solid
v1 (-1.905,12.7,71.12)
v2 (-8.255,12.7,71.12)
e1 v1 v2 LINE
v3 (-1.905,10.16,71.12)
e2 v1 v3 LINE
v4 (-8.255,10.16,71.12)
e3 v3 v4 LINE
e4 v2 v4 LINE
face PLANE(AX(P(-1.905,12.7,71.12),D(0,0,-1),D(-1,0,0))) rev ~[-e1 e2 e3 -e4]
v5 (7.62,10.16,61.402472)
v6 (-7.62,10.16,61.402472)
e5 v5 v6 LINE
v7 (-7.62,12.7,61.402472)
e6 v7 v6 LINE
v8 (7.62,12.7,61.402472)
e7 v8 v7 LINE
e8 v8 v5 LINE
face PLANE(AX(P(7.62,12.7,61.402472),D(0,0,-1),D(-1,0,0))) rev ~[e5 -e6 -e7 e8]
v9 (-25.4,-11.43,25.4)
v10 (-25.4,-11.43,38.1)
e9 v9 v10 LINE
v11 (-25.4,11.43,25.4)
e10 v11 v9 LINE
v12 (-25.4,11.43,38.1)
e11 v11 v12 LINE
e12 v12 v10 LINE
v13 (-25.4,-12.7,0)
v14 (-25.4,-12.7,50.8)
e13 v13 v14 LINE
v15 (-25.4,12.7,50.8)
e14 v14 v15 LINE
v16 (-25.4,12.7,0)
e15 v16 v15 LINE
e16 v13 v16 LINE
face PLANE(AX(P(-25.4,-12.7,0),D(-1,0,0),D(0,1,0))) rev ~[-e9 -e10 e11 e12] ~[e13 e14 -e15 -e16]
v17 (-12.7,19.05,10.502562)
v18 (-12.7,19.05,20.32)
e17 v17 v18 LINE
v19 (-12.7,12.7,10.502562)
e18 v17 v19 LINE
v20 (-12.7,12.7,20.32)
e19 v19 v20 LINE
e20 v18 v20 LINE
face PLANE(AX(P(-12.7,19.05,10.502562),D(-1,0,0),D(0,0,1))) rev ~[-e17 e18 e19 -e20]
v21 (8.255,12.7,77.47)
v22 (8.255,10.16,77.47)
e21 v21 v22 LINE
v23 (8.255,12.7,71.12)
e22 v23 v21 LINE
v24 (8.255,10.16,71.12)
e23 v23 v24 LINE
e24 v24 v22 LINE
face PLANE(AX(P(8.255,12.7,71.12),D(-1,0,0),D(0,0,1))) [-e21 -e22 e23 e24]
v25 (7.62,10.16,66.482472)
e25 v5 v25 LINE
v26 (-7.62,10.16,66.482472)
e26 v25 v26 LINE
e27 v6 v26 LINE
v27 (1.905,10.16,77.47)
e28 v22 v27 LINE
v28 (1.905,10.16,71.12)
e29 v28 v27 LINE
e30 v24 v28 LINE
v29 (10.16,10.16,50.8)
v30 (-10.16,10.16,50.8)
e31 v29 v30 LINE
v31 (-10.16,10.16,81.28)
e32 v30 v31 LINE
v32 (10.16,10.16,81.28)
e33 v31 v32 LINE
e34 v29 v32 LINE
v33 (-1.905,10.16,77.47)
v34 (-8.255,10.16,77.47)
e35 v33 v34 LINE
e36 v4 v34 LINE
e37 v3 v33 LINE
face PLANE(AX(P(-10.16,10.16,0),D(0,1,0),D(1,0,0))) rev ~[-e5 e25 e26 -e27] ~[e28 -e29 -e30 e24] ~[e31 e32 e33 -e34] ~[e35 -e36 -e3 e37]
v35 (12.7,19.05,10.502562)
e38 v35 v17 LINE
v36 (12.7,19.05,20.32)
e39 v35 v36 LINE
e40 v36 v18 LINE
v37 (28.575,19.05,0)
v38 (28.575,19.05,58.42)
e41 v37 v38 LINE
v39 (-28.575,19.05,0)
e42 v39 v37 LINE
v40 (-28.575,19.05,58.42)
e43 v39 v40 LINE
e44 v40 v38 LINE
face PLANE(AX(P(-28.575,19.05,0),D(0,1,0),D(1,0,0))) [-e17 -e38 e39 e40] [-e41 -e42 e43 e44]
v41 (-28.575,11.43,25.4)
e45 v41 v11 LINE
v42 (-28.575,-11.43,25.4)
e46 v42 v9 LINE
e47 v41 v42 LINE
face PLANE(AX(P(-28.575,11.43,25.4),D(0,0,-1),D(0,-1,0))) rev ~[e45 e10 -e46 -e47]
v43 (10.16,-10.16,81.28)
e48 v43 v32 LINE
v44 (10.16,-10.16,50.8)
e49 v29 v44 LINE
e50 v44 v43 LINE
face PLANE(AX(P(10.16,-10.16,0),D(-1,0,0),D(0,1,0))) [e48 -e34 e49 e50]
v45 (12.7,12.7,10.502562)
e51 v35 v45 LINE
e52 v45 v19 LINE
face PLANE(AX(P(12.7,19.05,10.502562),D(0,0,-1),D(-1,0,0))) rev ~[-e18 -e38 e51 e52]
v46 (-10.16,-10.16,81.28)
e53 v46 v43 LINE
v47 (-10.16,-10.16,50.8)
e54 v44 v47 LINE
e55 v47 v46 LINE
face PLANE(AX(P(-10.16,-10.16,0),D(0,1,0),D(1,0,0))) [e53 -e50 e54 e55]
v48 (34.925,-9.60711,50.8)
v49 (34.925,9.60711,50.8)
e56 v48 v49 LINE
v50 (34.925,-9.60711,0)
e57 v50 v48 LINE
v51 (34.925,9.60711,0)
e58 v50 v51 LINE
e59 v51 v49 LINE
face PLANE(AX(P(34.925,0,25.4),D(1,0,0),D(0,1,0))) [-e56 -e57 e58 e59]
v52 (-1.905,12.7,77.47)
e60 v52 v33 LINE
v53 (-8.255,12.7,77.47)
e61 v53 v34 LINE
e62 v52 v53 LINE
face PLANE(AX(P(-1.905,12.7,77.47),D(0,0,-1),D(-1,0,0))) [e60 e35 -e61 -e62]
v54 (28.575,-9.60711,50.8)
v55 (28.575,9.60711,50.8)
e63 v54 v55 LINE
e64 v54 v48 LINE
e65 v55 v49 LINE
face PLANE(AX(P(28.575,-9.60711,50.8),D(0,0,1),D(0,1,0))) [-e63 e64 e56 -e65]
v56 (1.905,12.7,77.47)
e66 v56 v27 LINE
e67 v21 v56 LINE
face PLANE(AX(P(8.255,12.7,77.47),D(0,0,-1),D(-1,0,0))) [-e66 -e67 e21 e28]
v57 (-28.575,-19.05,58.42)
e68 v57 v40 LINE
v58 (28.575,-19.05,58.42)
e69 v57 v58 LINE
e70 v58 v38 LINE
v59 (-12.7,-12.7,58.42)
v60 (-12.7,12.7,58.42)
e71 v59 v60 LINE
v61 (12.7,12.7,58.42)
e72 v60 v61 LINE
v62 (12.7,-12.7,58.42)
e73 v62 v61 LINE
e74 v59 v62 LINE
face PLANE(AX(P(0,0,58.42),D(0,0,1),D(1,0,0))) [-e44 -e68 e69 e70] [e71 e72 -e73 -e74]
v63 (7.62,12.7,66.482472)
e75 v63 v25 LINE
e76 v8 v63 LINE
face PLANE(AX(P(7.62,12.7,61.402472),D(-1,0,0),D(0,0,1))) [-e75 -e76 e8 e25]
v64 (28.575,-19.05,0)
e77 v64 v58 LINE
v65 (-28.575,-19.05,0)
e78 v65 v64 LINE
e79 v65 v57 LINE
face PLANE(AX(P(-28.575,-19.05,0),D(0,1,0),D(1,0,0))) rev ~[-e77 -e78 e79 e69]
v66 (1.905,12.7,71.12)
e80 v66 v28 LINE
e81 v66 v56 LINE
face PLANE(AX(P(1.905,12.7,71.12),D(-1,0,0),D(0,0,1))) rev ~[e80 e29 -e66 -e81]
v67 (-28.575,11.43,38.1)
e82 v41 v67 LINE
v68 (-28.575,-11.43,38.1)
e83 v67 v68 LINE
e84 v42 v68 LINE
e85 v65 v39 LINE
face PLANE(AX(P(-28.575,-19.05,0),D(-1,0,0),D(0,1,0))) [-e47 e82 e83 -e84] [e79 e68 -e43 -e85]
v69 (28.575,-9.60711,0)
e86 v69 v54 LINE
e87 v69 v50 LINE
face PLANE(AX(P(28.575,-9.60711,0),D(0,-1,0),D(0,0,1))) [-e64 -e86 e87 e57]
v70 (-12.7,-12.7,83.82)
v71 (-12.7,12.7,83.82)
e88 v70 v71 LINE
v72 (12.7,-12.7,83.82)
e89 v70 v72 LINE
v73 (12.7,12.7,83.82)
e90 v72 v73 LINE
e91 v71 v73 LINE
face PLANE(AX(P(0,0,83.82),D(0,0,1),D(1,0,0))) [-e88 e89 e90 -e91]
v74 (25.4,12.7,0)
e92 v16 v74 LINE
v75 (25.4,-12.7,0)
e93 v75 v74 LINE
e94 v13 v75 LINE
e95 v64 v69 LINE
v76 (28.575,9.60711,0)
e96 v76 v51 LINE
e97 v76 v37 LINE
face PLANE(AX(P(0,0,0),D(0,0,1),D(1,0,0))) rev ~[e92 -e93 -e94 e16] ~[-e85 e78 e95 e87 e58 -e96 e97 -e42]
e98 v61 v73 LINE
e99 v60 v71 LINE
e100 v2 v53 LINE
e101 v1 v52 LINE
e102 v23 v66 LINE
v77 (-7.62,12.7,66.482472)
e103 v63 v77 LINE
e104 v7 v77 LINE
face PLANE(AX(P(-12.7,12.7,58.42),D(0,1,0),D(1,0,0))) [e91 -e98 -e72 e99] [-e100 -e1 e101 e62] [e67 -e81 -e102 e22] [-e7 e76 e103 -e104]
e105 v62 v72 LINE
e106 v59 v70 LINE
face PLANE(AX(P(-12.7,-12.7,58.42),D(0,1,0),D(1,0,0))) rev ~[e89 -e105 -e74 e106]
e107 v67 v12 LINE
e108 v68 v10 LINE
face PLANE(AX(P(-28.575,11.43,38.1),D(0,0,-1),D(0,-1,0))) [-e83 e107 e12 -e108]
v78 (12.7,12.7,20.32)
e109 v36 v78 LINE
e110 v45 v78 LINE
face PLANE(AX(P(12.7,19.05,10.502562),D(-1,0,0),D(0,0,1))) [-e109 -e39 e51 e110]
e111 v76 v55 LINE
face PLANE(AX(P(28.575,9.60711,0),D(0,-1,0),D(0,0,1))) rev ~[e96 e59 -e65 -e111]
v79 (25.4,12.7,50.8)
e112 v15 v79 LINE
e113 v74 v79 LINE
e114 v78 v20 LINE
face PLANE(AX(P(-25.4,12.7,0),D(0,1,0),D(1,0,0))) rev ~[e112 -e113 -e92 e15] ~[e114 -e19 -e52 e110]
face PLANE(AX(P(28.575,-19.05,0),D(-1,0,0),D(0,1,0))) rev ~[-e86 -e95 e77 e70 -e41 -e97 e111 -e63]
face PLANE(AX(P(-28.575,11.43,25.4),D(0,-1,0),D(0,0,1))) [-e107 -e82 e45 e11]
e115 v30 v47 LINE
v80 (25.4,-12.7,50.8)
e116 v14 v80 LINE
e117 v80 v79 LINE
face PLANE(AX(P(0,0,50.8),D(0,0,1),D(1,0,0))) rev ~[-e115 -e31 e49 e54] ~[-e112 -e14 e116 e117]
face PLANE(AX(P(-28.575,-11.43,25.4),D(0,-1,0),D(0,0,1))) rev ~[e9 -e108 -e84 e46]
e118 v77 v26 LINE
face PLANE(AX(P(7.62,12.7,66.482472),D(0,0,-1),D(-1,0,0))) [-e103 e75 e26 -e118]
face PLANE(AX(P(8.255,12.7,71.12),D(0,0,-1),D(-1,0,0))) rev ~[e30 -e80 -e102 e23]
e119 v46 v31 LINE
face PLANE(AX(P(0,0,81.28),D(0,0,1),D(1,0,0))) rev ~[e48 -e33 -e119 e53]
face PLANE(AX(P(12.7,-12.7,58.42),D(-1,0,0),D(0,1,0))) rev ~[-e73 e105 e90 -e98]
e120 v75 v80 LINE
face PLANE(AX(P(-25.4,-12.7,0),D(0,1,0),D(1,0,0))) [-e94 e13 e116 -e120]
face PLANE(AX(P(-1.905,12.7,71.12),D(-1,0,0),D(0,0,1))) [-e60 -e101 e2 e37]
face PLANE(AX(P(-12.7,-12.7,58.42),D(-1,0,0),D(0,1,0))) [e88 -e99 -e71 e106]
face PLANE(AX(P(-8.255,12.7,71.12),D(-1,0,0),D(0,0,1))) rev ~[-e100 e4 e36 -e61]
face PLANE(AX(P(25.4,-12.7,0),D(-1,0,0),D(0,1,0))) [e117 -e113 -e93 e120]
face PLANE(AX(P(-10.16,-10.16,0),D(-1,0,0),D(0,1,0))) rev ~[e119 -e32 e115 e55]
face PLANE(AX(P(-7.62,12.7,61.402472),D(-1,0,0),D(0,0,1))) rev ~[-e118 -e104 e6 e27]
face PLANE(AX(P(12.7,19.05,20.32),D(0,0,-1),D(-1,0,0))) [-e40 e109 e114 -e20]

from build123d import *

# Parameters (mm, degrees)
F0_W      = 57.15
F0_H      = 38.1
F1_DEPTH  = 58.42
F2_W      = 25.4
F2_H      = 25.4
F3_DEPTH  = 25.4
F4_W      = 50.8
F4_H      = 25.4
F5_DEPTH  = 50.8
F6_W      = 20.32
F6_H      = 20.32
F7_DEPTH  = 81.28
F8_W      = 22.86
F8_H      = 12.7
F9_DEPTH  = 25.4
F10_W     = 6.35
F10_H     = 6.35
F10_W_2   = 15.24
F10_H_2   = 5.08
F11_DEPTH = 12.7
F12_W     = 25.4
F12_H     = 9.817438
F13_DEPTH = 12.7
F14_W     = 19.21422
F14_H     = 50.8
F15_DEPTH = 6.35


with BuildPart() as f1:
    # F0 (on Top) → F1 (new body)
    with BuildSketch(Plane.XY):
        Rectangle(F0_W, F0_H)
    extrude(amount=F1_DEPTH)

    # F2 (on face) → F3 (join)
    with BuildSketch(Plane.XY.offset(58.42)):
        Rectangle(F2_W, F2_H)
    extrude(amount=F3_DEPTH)

    # F4 (on face) → F5 (cut)
    with BuildSketch(Plane.XY):
        Rectangle(F4_W, F4_H)
    extrude(amount=F5_DEPTH, mode=Mode.SUBTRACT)

    # F6 (on face) → F7 (cut)
    with BuildSketch(Plane.XY):
        Rectangle(F6_W, F6_H)
    extrude(amount=F7_DEPTH, mode=Mode.SUBTRACT)

    # F8 (on face) → F9 (cut)
    with BuildSketch(Plane(origin=(-28.575, 0, 0), x_dir=(0, -1, 0), z_dir=(-1, 0, 0))):
        with Locations((0, 31.75)):
            Rectangle(F8_W, F8_H)
    extrude(amount=-F9_DEPTH, mode=Mode.SUBTRACT)

    # F10 (on face) → F11 (cut)
    with BuildSketch(Plane(origin=(0, 12.7, 0), x_dir=(-1, 0, 0), z_dir=(0, 1, 0))):
        with Locations((-5.08, 74.295)):
            Rectangle(F10_W, F10_H)
        with Locations((5.08, 74.295)):
            Rectangle(F10_W, F10_H)
        with Locations((0, 63.942472)):
            Rectangle(F10_W_2, F10_H_2)
    extrude(amount=-F11_DEPTH, mode=Mode.SUBTRACT)

    # F12 (on face) → F13 (cut)
    with BuildSketch(Plane(origin=(0, 19.05, 0), x_dir=(-1, 0, 0), z_dir=(0, 1, 0))):
        with Locations((0, 15.411281)):
            Rectangle(F12_W, F12_H)
    extrude(amount=-F13_DEPTH, mode=Mode.SUBTRACT)

    # F14 (on face) → F15 (join)
    with BuildSketch(Plane.YZ.offset(28.575)):
        with Locations((0, 25.4)):
            Rectangle(F14_W, F14_H)
    extrude(amount=F15_DEPTH)


solid = f1.part
